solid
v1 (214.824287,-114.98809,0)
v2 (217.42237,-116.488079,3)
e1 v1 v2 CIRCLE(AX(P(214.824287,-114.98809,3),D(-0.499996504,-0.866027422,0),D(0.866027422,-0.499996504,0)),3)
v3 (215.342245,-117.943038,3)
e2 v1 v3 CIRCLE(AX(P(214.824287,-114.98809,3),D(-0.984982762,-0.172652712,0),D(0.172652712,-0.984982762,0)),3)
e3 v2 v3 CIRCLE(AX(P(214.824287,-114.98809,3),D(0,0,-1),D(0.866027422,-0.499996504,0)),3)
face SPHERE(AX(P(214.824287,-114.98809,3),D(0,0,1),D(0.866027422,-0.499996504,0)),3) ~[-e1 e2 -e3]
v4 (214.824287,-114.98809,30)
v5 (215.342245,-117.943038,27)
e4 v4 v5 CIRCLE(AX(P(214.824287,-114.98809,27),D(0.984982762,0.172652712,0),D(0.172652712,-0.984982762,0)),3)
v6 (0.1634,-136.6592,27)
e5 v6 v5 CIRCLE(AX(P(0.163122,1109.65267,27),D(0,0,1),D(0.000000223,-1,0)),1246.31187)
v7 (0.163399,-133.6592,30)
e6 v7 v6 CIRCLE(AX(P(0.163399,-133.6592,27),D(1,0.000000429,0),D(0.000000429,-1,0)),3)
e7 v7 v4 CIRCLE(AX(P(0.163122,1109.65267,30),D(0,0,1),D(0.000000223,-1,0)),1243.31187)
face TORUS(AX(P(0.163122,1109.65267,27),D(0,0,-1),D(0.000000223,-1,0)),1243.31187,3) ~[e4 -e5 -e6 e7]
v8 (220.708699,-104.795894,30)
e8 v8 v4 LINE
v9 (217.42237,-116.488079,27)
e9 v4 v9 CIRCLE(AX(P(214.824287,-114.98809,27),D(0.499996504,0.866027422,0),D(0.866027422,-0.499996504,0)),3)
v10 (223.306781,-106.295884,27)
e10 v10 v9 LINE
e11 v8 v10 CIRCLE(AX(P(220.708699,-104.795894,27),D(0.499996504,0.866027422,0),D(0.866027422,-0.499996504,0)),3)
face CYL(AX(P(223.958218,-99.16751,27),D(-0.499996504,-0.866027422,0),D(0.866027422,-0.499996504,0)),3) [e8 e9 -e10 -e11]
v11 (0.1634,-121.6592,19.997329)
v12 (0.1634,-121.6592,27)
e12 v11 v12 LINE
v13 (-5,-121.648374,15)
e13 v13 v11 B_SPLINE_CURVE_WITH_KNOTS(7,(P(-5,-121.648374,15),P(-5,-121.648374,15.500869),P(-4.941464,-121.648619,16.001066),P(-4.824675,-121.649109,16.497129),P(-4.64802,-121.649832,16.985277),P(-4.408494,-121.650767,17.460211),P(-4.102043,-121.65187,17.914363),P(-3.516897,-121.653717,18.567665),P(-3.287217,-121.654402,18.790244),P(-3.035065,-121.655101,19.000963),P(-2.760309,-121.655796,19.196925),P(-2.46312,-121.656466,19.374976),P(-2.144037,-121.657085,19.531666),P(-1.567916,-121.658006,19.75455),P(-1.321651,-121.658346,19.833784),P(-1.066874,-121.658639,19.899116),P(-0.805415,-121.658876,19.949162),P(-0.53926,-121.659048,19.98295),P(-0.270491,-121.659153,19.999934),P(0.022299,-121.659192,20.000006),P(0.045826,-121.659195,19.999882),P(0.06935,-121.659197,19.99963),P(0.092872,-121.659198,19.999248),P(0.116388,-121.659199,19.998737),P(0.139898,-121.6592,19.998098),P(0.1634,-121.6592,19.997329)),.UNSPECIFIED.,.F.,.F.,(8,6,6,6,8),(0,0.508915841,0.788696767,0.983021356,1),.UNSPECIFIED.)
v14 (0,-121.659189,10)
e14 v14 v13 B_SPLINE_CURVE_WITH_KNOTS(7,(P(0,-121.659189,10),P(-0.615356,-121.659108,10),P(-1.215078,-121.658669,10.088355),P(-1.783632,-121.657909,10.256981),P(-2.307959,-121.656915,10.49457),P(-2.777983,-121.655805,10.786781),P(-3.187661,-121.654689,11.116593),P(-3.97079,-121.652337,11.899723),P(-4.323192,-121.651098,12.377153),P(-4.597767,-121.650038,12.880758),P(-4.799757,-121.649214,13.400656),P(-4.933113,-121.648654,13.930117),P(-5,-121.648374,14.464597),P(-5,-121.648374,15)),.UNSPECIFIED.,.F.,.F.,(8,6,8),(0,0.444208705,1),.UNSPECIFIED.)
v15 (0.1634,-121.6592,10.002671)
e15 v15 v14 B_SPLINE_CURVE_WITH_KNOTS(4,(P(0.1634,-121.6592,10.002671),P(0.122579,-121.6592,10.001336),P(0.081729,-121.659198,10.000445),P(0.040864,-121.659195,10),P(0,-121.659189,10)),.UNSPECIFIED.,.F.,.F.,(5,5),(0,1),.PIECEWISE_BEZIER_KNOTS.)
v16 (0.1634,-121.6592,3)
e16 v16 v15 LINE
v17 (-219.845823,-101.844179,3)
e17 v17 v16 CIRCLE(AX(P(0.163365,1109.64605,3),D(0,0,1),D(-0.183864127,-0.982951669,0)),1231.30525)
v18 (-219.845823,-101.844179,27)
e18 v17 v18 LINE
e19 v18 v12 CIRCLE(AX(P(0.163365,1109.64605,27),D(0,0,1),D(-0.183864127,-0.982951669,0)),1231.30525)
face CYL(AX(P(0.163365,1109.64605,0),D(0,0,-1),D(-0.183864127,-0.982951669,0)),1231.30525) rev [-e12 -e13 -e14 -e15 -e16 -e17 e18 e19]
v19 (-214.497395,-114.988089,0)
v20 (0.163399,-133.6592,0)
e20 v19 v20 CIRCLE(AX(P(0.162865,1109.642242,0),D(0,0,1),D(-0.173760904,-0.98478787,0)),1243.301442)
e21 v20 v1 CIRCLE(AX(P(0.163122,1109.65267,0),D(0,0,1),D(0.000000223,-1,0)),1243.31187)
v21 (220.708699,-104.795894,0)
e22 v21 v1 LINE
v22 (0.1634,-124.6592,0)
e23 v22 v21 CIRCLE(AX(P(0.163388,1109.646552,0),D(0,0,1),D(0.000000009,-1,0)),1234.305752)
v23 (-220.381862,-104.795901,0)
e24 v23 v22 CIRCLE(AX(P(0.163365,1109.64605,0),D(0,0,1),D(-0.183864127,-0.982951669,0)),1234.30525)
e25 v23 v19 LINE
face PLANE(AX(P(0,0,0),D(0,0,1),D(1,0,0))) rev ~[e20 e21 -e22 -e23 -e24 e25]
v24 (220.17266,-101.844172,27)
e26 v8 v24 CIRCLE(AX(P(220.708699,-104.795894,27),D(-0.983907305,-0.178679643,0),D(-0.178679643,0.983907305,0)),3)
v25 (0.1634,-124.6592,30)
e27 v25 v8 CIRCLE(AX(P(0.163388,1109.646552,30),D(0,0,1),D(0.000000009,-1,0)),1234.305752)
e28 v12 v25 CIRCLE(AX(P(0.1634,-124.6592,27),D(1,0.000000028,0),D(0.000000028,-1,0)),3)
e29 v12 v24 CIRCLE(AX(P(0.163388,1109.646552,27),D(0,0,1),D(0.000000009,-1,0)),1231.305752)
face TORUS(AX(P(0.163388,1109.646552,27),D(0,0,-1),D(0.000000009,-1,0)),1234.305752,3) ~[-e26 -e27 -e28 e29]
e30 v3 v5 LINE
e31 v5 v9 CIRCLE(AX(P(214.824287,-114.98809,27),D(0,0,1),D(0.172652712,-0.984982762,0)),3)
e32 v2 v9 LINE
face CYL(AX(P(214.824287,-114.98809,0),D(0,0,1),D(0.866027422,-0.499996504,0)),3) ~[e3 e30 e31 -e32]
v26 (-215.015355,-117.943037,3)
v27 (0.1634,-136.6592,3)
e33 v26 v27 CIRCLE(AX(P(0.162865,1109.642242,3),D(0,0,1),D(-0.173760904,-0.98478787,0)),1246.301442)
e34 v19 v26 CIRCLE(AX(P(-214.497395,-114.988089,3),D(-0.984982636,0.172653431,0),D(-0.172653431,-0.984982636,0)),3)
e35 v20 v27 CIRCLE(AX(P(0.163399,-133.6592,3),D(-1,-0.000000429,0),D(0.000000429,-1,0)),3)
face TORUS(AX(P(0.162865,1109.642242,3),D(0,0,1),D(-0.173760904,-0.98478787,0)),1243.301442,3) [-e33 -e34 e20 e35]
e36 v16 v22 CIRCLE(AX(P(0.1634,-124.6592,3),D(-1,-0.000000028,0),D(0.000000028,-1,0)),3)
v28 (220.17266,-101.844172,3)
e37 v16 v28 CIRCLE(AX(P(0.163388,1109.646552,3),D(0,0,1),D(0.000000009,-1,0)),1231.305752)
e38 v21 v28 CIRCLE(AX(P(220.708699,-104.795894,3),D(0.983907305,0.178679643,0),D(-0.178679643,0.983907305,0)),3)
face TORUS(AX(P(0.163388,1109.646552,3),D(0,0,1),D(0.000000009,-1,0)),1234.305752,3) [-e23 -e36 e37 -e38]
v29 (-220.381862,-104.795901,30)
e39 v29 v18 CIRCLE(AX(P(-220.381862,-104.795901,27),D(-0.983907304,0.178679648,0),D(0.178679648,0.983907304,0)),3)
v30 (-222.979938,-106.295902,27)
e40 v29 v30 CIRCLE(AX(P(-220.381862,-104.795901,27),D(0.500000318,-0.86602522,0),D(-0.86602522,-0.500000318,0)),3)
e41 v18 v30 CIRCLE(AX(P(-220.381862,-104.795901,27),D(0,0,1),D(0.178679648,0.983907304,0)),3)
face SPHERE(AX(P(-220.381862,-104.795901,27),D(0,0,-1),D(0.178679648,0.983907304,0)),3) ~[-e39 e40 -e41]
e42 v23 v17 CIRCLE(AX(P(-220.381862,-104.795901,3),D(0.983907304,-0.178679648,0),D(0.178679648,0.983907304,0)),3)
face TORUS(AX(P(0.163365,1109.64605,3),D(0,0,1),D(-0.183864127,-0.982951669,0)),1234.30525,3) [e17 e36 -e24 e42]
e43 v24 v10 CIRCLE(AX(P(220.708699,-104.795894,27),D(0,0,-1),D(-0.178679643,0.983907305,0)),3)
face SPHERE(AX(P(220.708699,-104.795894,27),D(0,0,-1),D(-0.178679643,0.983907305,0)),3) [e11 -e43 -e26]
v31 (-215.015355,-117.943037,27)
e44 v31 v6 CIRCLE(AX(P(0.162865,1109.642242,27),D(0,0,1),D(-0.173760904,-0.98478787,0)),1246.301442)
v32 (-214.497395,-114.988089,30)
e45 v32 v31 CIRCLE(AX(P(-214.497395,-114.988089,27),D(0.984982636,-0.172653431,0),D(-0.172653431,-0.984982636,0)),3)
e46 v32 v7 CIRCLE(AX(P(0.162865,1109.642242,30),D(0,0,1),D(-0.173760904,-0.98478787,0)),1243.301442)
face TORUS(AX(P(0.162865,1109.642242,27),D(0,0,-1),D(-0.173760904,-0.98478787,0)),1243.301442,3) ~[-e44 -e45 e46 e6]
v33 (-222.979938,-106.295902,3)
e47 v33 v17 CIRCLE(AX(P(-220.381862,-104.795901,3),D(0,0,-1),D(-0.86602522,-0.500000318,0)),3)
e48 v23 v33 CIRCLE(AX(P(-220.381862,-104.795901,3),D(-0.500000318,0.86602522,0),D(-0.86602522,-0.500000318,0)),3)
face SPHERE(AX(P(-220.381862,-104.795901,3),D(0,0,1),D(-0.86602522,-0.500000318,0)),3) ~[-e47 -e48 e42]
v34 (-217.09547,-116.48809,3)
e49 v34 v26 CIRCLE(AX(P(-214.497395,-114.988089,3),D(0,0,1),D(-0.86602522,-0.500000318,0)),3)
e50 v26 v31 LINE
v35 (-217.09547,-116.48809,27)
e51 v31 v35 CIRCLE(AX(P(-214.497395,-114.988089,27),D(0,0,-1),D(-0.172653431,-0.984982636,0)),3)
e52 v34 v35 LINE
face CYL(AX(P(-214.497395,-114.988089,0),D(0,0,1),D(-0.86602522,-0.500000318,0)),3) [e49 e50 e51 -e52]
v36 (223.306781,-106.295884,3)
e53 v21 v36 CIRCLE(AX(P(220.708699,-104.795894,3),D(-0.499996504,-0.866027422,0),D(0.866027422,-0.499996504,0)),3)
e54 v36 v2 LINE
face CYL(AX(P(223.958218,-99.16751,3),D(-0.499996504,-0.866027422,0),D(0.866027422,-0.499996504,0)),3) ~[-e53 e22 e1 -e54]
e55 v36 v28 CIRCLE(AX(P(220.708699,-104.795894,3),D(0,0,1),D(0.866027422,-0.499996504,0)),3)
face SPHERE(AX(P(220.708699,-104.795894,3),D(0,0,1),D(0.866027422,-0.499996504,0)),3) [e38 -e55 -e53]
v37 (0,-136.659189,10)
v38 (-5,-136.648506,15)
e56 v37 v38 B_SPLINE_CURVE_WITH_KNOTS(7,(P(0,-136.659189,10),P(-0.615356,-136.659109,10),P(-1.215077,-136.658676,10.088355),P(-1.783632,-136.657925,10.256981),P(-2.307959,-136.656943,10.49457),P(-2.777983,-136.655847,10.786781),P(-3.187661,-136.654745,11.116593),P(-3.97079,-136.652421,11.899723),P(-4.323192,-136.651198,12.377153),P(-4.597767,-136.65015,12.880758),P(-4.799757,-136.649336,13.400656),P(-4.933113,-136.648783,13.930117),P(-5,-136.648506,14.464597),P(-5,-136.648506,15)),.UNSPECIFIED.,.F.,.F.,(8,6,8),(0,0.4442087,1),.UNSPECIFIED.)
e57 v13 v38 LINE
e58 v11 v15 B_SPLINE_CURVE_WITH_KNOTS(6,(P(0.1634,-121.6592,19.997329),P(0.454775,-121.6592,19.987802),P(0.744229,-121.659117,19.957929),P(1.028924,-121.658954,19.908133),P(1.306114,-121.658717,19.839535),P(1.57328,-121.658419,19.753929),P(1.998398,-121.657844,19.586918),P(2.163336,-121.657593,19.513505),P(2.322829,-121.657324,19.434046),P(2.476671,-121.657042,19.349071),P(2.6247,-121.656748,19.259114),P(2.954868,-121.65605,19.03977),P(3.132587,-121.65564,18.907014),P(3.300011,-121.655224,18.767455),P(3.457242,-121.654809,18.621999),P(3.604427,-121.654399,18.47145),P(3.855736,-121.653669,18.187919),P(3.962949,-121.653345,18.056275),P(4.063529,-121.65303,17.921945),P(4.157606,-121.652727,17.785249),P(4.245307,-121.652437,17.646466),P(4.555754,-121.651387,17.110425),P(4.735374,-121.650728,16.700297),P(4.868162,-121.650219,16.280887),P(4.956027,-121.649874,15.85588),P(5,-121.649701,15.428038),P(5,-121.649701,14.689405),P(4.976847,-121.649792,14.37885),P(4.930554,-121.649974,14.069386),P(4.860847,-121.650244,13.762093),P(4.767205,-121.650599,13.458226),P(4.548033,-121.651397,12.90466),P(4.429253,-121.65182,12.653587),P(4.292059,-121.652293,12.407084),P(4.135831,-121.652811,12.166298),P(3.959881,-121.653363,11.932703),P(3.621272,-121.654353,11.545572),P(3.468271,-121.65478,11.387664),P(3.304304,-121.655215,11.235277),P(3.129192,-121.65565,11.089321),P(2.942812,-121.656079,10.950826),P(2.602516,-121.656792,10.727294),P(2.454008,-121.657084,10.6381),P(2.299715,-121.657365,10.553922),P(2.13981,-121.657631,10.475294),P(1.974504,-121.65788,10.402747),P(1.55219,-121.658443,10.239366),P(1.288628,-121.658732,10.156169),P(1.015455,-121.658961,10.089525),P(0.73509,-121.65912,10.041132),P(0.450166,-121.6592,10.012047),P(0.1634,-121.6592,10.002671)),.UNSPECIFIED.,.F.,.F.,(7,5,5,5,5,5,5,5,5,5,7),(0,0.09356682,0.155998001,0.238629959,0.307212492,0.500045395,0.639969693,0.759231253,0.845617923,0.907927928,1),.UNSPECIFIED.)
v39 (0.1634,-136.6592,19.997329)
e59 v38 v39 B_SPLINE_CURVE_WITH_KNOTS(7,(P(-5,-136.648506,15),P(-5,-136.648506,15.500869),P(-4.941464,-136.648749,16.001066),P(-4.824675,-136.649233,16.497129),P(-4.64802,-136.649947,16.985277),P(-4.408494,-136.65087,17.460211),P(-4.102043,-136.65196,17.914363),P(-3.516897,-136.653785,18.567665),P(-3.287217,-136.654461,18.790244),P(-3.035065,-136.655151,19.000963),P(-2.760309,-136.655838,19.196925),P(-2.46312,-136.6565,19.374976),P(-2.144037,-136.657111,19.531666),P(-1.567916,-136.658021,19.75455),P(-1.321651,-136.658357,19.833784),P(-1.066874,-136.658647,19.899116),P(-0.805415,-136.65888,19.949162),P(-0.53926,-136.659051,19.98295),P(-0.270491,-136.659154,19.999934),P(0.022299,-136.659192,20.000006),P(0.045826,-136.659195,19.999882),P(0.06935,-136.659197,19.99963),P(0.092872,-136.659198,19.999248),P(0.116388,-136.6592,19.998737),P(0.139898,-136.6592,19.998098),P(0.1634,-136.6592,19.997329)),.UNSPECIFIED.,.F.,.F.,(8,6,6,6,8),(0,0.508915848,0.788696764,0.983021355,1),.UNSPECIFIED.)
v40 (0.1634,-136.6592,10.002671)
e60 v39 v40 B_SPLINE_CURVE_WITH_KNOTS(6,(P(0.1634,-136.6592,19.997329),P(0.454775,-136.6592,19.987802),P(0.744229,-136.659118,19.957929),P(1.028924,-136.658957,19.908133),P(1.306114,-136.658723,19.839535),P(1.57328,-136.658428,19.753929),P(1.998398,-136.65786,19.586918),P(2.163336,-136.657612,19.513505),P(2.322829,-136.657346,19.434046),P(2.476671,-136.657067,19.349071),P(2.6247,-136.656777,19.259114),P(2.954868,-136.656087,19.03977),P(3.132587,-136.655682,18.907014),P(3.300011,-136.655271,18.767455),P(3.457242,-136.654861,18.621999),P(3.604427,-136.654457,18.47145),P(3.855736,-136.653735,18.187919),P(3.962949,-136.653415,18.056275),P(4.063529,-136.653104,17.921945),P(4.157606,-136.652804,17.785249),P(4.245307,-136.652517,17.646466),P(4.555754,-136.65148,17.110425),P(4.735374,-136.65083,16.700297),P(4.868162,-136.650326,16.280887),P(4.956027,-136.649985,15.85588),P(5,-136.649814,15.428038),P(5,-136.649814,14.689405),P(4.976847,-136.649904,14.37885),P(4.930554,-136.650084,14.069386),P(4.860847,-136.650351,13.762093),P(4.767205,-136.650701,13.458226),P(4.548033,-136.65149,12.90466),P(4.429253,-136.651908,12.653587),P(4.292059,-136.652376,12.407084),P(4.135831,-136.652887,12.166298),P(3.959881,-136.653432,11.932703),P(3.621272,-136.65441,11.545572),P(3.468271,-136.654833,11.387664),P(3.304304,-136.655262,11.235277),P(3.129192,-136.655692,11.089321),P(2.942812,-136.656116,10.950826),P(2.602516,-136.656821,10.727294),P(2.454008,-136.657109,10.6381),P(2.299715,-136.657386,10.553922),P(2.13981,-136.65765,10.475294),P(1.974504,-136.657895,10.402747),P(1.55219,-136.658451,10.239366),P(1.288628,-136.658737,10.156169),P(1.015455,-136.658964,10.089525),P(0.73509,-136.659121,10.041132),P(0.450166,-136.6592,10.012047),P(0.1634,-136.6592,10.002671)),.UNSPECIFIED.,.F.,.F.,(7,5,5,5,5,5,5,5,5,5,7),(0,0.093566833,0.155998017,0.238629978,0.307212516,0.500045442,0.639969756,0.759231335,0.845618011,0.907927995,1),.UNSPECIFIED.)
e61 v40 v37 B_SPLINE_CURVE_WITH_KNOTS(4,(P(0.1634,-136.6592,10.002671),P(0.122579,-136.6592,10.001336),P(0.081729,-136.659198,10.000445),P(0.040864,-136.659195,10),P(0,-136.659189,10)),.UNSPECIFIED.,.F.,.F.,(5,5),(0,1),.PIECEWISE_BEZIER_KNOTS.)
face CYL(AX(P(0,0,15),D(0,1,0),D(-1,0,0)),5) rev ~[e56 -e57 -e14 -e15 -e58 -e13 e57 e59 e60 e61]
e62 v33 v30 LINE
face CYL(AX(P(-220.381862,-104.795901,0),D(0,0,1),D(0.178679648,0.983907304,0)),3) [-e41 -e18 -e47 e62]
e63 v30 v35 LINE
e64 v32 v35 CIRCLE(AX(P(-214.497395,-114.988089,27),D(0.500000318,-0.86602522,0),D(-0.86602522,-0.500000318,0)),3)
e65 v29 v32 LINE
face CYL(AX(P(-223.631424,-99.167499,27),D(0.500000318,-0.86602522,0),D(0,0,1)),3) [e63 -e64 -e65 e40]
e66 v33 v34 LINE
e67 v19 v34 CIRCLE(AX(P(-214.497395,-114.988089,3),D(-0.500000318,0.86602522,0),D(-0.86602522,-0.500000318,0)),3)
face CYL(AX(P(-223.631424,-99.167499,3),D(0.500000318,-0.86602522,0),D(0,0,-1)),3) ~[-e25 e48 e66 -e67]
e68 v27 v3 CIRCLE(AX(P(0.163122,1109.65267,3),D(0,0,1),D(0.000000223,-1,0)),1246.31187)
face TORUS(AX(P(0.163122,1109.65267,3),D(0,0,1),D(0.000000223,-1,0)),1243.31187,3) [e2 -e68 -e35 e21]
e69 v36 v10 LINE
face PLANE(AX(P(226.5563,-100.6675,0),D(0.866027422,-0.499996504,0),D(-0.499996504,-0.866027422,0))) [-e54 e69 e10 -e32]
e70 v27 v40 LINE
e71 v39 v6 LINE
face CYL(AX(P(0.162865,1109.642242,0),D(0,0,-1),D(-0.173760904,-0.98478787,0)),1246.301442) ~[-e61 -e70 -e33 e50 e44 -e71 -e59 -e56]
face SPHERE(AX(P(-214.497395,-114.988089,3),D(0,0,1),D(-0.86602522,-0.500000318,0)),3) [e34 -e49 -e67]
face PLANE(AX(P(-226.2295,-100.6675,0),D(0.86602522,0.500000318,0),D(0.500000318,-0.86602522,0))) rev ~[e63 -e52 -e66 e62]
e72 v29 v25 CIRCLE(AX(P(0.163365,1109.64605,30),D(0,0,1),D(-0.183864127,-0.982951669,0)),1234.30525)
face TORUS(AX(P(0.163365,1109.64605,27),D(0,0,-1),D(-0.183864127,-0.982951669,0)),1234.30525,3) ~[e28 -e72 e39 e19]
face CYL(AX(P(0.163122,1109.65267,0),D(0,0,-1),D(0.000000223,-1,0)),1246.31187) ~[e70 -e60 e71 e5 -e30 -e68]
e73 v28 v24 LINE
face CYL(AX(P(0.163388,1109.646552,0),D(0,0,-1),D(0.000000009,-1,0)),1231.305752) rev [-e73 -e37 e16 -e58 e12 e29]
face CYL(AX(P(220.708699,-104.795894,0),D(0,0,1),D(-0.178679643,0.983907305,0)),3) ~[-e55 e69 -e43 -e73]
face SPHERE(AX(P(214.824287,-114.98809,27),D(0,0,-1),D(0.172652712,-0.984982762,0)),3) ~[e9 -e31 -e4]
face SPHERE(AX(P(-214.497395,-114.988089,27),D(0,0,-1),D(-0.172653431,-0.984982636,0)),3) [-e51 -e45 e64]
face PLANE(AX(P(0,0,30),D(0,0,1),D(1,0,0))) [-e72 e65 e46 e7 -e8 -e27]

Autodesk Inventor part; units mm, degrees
ref_plane "YZ Plane" through (0, 0, 0) normal (1, 0, 0) x (0, 1, 0)
ref_plane "XZ Plane" through (0, 0, 0) normal (0, 1, 0) x (-1, 0, 0)
ref_plane "XY Plane" through (0, 0, 0) normal (0, 0, 1) x (1, 0, 0)
sketch "Sketch1" plane through (0, 0, 0) normal (0, 0, 1) x (1, 0, 0)
  arc A0 (0.1634, -121.6592) -> (226.5563, -100.6675) centre (0.1634, 1109.6463) ccw
  arc A1 (0.1634, -136.6592) -> (216.7225, -117.7003) centre (0.1634, 1109.6463) ccw
  line L0 (226.5563, -100.6675) -> (216.7225, -117.7003)
  line L1 (226.5563, -100.6675) -> (246.2241, -100.6675) construction
  line L2 (0.1634, -136.6592) -> (0.1634, -109.1839)
  arc A2 (-226.2295, -100.6675) -> (0.1634, -121.6592) centre (0.1634, 1109.6463) ccw
  arc A3 (-216.3956, -117.7003) -> (0.1634, -136.6592) centre (0.1634, 1109.6463) ccw
  line L3 (-226.2295, -100.6675) -> (-216.3956, -117.7003)
  point P0 (0, 0)
  point P1 (171.9535, -124.7627)
  dimension "d0" = 15
  dimension "d1" = 120
extrude "Extrusion1" add sketch "Sketch1" along normal blind 30
fillet "Fillet1" radius 3 12 edges at (-113.5186, -116.4001, 30) (108.8571, -131.9105, 30) (221.6394, -109.1839, 30) (216.7225, -117.7003, 15) (226.5563, -100.6675, 15) (221.6394, -109.1839, 0) (113.8455, -116.4001, 0) (-221.3125, -109.1839, 30) (-226.2295, -100.6675, 15) (108.8571, -131.9105, 0) (-216.3956, -117.7003, 15) (-221.3125, -109.1839, 0)
sketch "Sketch2" plane through (0, 0, 0) normal (0, 1, 0) x (-1, 0, 0)
  line L0 (0, 0) -> (0, 15)
  circle A0 centre (0, 15) radius 5
  dimension "d5" = 15
  dimension "d6" = 10
extrude "Extrusion2" cut sketch "Sketch2" against normal blind 300
properties part number "LEAF 5" material "Steel, Carbon"
